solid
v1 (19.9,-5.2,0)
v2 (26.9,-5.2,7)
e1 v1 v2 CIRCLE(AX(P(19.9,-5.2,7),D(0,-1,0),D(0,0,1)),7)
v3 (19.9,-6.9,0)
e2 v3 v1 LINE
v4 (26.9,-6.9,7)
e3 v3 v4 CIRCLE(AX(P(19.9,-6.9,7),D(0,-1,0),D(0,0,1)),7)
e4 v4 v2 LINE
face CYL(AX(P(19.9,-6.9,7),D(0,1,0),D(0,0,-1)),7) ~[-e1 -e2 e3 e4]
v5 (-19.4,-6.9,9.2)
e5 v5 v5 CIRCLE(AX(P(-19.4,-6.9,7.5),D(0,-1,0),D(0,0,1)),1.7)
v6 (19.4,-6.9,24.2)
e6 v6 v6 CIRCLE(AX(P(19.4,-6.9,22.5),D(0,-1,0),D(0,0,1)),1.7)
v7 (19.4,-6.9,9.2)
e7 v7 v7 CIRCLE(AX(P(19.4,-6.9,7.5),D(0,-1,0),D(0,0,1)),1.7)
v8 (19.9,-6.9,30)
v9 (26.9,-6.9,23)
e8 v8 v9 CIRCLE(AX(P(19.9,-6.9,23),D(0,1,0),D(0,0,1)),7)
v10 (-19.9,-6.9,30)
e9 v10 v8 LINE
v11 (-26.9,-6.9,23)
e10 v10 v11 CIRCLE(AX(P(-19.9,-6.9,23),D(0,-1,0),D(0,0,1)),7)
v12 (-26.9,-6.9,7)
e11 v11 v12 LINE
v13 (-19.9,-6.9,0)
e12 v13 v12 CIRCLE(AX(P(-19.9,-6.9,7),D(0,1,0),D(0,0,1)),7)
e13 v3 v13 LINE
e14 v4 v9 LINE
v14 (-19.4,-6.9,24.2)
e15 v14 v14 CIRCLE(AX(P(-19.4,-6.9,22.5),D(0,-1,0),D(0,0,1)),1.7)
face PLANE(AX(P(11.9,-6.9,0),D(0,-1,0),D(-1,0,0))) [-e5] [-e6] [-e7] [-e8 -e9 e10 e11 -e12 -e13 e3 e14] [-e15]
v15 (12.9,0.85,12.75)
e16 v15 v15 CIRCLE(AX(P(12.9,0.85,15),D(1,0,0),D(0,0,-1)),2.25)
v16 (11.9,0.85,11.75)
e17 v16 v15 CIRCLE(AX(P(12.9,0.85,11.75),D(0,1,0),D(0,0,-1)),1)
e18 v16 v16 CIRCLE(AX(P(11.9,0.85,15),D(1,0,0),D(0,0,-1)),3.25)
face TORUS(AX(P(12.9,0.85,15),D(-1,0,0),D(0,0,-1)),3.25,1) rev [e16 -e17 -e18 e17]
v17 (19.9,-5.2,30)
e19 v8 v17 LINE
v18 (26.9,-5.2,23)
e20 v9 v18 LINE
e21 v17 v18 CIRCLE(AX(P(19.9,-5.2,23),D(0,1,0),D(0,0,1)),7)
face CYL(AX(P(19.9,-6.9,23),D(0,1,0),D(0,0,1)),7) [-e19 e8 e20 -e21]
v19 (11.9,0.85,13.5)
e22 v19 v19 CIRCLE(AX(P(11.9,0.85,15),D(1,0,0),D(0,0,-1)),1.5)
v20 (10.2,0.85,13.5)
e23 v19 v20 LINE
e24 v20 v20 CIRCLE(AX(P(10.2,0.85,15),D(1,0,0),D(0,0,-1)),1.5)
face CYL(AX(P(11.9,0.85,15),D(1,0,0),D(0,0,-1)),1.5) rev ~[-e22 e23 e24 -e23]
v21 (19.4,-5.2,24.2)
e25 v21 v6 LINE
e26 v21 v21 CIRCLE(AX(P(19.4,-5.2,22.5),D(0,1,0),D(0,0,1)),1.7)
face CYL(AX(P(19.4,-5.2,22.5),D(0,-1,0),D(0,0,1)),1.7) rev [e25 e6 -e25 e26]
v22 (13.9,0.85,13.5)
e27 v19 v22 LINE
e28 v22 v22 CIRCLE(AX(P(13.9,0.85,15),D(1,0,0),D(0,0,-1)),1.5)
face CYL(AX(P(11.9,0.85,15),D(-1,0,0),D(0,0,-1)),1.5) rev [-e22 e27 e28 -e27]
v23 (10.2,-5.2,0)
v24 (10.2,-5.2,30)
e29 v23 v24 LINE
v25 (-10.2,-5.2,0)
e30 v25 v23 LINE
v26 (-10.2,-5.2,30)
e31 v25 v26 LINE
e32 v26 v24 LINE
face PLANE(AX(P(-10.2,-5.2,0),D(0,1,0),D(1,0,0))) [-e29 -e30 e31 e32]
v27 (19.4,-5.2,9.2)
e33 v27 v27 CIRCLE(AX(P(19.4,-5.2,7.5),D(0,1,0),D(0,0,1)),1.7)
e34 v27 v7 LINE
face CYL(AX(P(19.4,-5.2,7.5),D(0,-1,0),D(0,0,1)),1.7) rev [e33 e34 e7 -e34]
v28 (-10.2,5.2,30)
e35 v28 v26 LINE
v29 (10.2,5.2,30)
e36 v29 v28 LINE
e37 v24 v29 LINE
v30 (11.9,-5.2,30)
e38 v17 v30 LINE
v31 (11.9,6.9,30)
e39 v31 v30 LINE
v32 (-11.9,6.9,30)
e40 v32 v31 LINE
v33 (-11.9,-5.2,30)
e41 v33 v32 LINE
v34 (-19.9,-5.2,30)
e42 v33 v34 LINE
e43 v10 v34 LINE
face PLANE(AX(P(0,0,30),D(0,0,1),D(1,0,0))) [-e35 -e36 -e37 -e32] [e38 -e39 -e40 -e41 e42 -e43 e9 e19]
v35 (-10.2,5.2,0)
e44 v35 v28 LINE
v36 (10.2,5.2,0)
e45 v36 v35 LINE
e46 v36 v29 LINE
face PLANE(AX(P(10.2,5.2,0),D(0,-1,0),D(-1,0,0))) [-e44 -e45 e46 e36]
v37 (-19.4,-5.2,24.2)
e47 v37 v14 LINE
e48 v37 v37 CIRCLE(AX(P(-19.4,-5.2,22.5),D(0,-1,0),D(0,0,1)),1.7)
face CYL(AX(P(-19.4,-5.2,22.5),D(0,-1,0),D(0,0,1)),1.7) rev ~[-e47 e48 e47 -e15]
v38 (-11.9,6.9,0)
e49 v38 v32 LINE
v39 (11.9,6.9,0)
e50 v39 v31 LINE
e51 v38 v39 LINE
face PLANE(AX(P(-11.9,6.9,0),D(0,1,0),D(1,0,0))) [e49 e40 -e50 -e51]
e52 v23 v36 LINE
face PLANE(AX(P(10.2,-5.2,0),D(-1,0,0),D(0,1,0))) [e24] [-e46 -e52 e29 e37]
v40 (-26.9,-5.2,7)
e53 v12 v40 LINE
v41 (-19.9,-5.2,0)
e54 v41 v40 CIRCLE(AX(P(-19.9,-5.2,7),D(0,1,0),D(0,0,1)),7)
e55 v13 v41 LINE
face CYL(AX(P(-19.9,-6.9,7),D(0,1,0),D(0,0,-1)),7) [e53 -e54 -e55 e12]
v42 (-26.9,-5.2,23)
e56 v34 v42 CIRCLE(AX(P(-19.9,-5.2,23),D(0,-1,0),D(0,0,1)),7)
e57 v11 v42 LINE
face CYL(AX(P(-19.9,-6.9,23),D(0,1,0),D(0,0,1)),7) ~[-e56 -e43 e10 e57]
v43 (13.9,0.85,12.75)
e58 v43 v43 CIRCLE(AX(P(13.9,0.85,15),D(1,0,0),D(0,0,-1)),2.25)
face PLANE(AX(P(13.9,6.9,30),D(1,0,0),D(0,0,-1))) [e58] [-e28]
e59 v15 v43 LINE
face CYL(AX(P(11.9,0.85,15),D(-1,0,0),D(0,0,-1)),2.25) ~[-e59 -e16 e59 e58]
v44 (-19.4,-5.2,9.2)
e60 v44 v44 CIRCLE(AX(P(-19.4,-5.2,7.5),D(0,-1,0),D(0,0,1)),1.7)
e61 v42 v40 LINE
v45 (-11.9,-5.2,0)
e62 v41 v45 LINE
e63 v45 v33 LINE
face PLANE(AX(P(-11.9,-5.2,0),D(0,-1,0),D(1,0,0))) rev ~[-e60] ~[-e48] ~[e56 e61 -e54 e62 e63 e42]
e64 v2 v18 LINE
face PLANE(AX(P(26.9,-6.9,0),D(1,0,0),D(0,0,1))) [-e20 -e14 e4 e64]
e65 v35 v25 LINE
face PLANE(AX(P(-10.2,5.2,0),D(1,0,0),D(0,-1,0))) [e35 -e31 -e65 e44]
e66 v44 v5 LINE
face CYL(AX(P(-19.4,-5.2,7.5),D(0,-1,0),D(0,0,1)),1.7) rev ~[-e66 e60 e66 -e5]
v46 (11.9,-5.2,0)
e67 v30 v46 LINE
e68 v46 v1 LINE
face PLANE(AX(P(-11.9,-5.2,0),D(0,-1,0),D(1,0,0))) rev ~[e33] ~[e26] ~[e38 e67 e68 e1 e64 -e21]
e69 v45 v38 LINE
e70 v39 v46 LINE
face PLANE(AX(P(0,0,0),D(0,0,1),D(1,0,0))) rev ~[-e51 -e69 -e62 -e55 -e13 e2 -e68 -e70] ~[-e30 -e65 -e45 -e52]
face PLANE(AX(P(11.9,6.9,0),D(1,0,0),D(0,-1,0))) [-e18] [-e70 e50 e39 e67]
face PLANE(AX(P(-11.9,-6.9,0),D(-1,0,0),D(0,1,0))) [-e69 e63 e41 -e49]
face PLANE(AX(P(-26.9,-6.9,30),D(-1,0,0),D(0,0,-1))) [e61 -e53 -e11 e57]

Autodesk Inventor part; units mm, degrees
ref_plane "YZ Plane" through (0, 0, 0) normal (1, 0, 0) x (0, 1, 0)
ref_plane "XZ Plane" through (0, 0, 0) normal (0, 1, 0) x (-1, 0, 0)
ref_plane "XY Plane" through (0, 0, 0) normal (0, 0, 1) x (1, 0, 0)
sketch "Sketch1" plane through (0, 0, 0) normal (0, 0, 1) x (1, 0, 0)
  line L0 (-10.2, -5.2) -> (10.2, -5.2)
  line L1 (10.2, -5.2) -> (10.2, 5.2)
  line L2 (10.2, 5.2) -> (-10.2, 5.2)
  line L3 (-10.2, 5.2) -> (-10.2, -5.2)
  line L4 (-10.2, -5.2) -> (10.2, 5.2) construction
  line L5 (10.2, -5.2) -> (-10.2, 5.2) construction
  line L6 (-11.9, 6.9) -> (11.9, 6.9)
  line L7 (11.9, 6.9) -> (11.9, -6.9)
  line L8 (11.9, -6.9) -> (-11.9, -6.9)
  line L9 (-11.9, -6.9) -> (-11.9, 6.9)
  point P0 (0, 0)
  dimension "d0" = 20.4
  dimension "d1" = 10.4
  dimension "d2" = 1.7
extrude "Extrusion1" add sketch "Sketch1" along normal blind 30
sketch "Sketch2" plane through (-11.9, -6.9, 0) normal (0, -1, 0) x (1, 0, 0)
  line L0 (-15, 0) -> (38.8, 0)
  line L1 (38.8, 0) -> (38.8, 30)
  line L2 (38.8, 30) -> (-15, 30)
  line L3 (-15, 30) -> (-15, 0)
  line L4 (-15, 0) -> (38.8, 30) construction
  line L5 (38.8, 0) -> (-15, 30) construction
  point P0 (11.9, 0)
  point P1 (11.9, 15)
  dimension "d5" = 53.8
  dimension "d23" = 30
extrude "Extrusion2" add sketch "Sketch2" against normal blind 1.7
sketch "Sketch3" plane through (-11.9, -5.2, 0) normal (0, 1, 0) x (1, 0, 0)
  line L0 (-15, 0) -> (38.8, 0) construction
  line L1 (0, 0) -> (0, -30) construction
  line L2 (-15, 0) -> (0, 0) construction
  line L3 (0, 0) -> (0, -15) construction
  line L4 (0, -15) -> (-15, -15) construction
  line L5 (-15, -15) -> (-15, 0) construction
  line L6 (-15, 0) -> (0, -15) construction
  line L7 (-15, 0) -> (-15, -30) construction
  line L8 (0, -15) -> (-15, -30) construction
  point P0 (11.9, 0)
  point P1 (-7.5, -7.5)
  point P2 (-7.5, -22.5)
  point P3 (-15, -7.5)
  point P4 (-7.5, 0)
  dimension "d24" = 7.5
  dimension "d25" = 7.5
hole "Hole1" at (-19.4, -5.2, 7.5) at (-19.4, -5.2, 22.5) direction (0, -1, 0) diameter 3.4 depth 5 tip angle 118
mirror "Mirror1" about plane through (0, 0, 0) normal (1, 0, 0) of "Hole1"
fillet "Fillet1" radius 7 4 edges at (26.9, -6.05, 30) (26.9, -6.05, 0) (-26.9, -6.05, 0) (-26.9, -6.05, 30)
sketch "Sketch4" plane through (11.9, 6.9, 30) normal (1, 0, 0) x (0, 0, -1)
  line L0 (30, 0) -> (0, 0) construction
  line L1 (30, -12.1) -> (0, -12.1) construction
  line L2 (0, 0) -> (30, -12.1) construction
  circle A0 centre (15, -6.05) radius 1.5
  circle A1 centre (15, -6.05) radius 2.25
  point P0 (30, -6.9)
  dimension "d16" = 3
  dimension "d17" = 0.75
extrude "Extrusion3" add sketch "Sketch4" along normal blind 2
fillet "Fillet2" radius 1 1 edges at (11.9, 0.85, 17.25)
extrude "Extrusion4" cut sketch "Sketch4" against normal blind 2 contours A0
properties part number "BeamHoldertoBack" material "ABS Plastic"
